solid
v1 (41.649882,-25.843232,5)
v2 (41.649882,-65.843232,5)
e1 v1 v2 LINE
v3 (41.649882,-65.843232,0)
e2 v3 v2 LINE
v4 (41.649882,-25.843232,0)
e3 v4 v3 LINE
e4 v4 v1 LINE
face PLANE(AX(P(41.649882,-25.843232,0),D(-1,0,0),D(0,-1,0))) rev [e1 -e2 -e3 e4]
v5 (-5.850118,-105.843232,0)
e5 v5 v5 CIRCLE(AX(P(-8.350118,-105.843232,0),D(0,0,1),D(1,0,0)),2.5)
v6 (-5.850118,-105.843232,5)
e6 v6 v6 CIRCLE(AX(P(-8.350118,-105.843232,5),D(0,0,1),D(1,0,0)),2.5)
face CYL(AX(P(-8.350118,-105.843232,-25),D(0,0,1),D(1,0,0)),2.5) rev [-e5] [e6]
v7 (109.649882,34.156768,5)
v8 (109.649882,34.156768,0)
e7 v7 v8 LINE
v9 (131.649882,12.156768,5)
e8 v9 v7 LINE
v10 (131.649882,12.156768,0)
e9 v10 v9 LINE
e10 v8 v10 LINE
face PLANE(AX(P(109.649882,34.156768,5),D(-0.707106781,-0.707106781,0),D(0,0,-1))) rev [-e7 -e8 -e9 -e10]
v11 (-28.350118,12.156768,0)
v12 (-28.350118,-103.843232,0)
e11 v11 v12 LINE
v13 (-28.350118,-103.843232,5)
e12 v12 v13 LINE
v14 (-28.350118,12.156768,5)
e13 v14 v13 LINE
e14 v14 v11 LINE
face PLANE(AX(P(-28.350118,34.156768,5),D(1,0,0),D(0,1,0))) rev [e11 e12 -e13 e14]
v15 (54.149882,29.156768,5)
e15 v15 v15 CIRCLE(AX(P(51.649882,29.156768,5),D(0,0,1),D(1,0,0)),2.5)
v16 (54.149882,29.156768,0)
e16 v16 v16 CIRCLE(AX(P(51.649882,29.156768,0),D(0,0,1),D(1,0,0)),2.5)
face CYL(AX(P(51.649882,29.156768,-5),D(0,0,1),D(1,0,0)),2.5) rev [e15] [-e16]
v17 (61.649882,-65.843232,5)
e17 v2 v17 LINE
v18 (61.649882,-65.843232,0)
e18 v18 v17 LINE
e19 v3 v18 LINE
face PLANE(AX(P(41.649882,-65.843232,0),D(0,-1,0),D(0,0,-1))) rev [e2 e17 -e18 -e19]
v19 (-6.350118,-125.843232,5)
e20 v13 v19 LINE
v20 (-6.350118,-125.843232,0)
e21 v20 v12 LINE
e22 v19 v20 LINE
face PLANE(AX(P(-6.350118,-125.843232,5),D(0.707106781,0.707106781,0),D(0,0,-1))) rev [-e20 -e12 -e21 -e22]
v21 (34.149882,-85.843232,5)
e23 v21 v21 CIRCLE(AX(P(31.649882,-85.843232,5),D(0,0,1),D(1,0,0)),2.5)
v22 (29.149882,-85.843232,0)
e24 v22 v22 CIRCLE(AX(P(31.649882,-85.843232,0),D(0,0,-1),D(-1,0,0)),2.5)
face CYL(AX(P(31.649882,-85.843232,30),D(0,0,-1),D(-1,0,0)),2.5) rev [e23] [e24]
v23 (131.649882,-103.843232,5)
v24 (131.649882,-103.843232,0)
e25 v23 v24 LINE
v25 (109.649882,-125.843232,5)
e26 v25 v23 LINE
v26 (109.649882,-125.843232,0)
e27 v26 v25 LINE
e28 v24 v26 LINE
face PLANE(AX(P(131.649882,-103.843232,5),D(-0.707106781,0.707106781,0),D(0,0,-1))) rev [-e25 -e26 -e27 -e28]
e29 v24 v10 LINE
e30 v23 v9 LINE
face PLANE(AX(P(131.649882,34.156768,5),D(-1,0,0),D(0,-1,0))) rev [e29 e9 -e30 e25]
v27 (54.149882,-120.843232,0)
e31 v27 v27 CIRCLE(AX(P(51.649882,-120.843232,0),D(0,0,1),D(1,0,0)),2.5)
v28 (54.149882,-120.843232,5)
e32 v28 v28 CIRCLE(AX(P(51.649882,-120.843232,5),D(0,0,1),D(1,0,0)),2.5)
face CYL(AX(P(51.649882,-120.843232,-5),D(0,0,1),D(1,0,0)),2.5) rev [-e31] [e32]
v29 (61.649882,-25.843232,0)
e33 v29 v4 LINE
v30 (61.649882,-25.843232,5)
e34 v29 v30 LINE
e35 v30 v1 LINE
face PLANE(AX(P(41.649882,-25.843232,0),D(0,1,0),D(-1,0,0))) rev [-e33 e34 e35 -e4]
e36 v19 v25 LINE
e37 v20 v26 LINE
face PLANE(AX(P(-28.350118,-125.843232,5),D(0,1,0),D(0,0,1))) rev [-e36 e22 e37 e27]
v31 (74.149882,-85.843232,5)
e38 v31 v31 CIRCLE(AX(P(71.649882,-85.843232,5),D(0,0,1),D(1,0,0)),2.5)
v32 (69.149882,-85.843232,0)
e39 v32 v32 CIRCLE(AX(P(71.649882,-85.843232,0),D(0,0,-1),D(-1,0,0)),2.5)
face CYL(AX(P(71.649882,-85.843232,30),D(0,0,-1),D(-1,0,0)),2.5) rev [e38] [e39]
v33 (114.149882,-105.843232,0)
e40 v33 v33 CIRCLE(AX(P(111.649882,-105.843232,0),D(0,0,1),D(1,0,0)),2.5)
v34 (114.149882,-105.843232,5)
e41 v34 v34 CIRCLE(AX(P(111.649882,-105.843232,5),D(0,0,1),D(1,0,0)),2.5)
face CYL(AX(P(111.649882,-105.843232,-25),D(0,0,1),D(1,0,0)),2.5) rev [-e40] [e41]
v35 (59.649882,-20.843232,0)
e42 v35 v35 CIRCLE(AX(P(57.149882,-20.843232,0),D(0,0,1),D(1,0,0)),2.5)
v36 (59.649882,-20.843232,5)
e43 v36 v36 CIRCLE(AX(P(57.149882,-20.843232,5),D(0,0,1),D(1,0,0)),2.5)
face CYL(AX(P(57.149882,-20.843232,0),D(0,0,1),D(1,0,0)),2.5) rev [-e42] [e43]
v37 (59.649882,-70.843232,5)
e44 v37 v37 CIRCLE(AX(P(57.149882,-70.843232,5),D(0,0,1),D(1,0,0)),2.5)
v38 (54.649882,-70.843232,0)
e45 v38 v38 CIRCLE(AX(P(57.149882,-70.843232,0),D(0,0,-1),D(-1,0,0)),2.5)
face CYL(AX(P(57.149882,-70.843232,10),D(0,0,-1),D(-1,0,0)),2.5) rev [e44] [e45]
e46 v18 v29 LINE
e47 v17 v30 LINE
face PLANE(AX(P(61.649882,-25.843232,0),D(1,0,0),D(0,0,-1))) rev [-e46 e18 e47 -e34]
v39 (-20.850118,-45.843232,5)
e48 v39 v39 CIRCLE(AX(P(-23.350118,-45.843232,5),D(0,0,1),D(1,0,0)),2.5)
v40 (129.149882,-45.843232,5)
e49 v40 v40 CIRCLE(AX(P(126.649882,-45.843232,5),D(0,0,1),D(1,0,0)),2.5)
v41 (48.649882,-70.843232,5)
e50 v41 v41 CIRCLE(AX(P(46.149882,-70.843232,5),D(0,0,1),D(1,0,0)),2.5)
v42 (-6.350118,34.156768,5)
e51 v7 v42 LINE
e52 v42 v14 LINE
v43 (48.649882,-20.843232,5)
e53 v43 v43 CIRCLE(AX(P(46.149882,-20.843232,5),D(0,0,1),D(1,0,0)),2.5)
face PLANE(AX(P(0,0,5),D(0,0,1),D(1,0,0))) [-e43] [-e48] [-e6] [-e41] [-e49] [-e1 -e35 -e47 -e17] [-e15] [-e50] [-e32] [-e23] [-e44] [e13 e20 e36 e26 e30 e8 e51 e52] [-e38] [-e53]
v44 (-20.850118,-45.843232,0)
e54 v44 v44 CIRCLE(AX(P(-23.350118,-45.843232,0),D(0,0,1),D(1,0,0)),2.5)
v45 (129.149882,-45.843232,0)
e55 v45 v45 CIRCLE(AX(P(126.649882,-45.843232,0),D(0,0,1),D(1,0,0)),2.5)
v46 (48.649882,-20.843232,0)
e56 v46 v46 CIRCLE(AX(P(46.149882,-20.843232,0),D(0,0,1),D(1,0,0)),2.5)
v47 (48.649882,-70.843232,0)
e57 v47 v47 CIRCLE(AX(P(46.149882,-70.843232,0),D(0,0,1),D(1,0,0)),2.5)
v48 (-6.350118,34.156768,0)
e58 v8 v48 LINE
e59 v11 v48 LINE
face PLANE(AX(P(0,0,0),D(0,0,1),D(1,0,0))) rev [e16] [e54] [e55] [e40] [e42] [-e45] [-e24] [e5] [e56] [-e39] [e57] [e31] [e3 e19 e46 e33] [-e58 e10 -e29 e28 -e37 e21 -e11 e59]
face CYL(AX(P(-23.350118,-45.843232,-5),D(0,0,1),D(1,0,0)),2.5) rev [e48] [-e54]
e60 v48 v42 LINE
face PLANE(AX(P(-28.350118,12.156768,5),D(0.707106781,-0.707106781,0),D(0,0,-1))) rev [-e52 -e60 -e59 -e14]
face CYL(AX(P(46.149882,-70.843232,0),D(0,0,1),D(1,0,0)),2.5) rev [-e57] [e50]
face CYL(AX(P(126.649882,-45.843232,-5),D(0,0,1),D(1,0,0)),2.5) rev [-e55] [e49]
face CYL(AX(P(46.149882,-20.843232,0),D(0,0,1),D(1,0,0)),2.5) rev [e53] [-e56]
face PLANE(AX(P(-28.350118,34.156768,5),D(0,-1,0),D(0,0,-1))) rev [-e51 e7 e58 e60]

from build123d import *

# Parameters (mm, degrees)
ESQUISSE1_W             = 160
ESQUISSE1_H             = 160
BOSS_EXTRU_1_DEPTH      = 5
CHANFREIN1_SIZE         = 22
ESQUISSE2_W             = 20
ESQUISSE2_H             = 40
ENL_V_MAT_EXTRU_1_DEPTH = 5
ESQUISSE3_R             = 2.5
ENL_V_MAT_EXTRU_2_DEPTH = 5
ESQUISSE4_R             = 2.5
ENL_V_MAT_EXTRU_3_DEPTH = 5
ESQUISSE5_R             = 2.5
ENL_V_MAT_EXTRU_4_DEPTH = 10
ESQUISSE6_R             = 2.5
ENL_V_MAT_EXTRU_5_DEPTH = 10
ESQUISSE7_R             = 2.5
ENL_V_MAT_EXTRU_6_DEPTH = 10
ESQUISSE8_R             = 2.5
ENL_V_MAT_EXTRU_7_DEPTH = 10
ESQUISSE9_R             = 2.5
ENL_V_MAT_EXTRU_8_DEPTH = 30
ESQUISSE10_R            = 2.5
ENL_V_MAT_EXTRU_9_DEPTH = 30


with BuildPart() as part:
    # Esquisse1 → Boss.-Extru.1 (new body)
    with BuildSketch(Plane.XY):
        with Locations((51.649882403, -45.84323181)):
            Rectangle(ESQUISSE1_W, ESQUISSE1_H)
    extrude(amount=BOSS_EXTRU_1_DEPTH)

    # Chanfrein1
    chanfrein1_edges = [part.edges().sort_by_distance(p)[0] for p in [
        (-28.350117597, 34.15676819, 2.5),
        (131.649882403, 34.15676819, 2.5),
        (131.649882403, -125.84323181, 2.5),
        (-28.350117597, -125.84323181, 2.5),
    ]]
    chamfer(chanfrein1_edges, length=CHANFREIN1_SIZE)

    # Esquisse2 → Enlèv. mat.-Extru.1 (cut)
    with BuildSketch(Plane.XY.offset(5)):
        with Locations((51.649882403, -45.84323181)):
            Rectangle(ESQUISSE2_W, ESQUISSE2_H)
    extrude(amount=-ENL_V_MAT_EXTRU_1_DEPTH, mode=Mode.SUBTRACT)

    # Esquisse3 → Enlèv. mat.-Extru.2 (cut)
    with BuildSketch(Plane.XY.offset(5)):
        with Locations((46.149882403, -20.84323181)):
            Circle(ESQUISSE3_R)
        with Locations((57.149882403, -20.84323181)):
            Circle(ESQUISSE3_R)
    extrude(amount=-ENL_V_MAT_EXTRU_2_DEPTH, mode=Mode.SUBTRACT)

    # Esquisse4 → Enlèv. mat.-Extru.3 (cut)
    with BuildSketch(Plane.XY.offset(5)):
        with Locations((46.149882403, -70.84323181)):
            Circle(ESQUISSE4_R)
        with Locations((57.149882403, -61.84323181)):
            Circle(ESQUISSE4_R)
    extrude(amount=-ENL_V_MAT_EXTRU_3_DEPTH, mode=Mode.SUBTRACT)

    # Esquisse5 → Enlèv. mat.-Extru.4 (cut)
    with BuildSketch(Plane(origin=(0, 0, 0), x_dir=(-1, 0, 0), z_dir=(0, 0, -1))):
        with Locations((-57.149882403, -70.84323181)):
            Circle(ESQUISSE5_R)
    extrude(amount=-ENL_V_MAT_EXTRU_4_DEPTH, mode=Mode.SUBTRACT)

    # Esquisse6 → Enlèv. mat.-Extru.5 (cut)
    with BuildSketch(Plane.XY.offset(5)):
        with Locations((51.649882403, 29.15676819)):
            Circle(ESQUISSE6_R)
    extrude(amount=-ENL_V_MAT_EXTRU_5_DEPTH, mode=Mode.SUBTRACT)

    # Esquisse7 → Enlèv. mat.-Extru.6 (cut)
    with BuildSketch(Plane.XY.offset(5)):
        with Locations((-23.350117597, -45.84323181)):
            Circle(ESQUISSE7_R)
    extrude(amount=-ENL_V_MAT_EXTRU_6_DEPTH, mode=Mode.SUBTRACT)

    # Esquisse8 → Enlèv. mat.-Extru.7 (cut)
    with BuildSketch(Plane.XY.offset(5)):
        with Locations((51.649882403, -120.84323181)):
            Circle(ESQUISSE8_R)
        with Locations((126.649882403, -45.84323181)):
            Circle(ESQUISSE8_R)
    extrude(amount=-ENL_V_MAT_EXTRU_7_DEPTH, mode=Mode.SUBTRACT)

    # Esquisse9 → Enlèv. mat.-Extru.8 (cut)
    with BuildSketch(Plane.XY.offset(5)):
        with Locations((111.649882403, -105.84323181)):
            Circle(ESQUISSE9_R)
        with Locations((-8.350117597, -105.84323181)):
            Circle(ESQUISSE9_R)
    extrude(amount=-ENL_V_MAT_EXTRU_8_DEPTH, mode=Mode.SUBTRACT)

    # Esquisse10 → Enlèv. mat.-Extru.9 (cut)
    with BuildSketch(Plane(origin=(0, 0, 0), x_dir=(-1, 0, 0), z_dir=(0, 0, -1))):
        with Locations((-71.649882403, -85.84323181)):
            Circle(ESQUISSE10_R)
        with Locations((-31.649882403, -85.84323181)):
            Circle(ESQUISSE10_R)
    extrude(amount=-ENL_V_MAT_EXTRU_9_DEPTH, mode=Mode.SUBTRACT)


solid = part.part
